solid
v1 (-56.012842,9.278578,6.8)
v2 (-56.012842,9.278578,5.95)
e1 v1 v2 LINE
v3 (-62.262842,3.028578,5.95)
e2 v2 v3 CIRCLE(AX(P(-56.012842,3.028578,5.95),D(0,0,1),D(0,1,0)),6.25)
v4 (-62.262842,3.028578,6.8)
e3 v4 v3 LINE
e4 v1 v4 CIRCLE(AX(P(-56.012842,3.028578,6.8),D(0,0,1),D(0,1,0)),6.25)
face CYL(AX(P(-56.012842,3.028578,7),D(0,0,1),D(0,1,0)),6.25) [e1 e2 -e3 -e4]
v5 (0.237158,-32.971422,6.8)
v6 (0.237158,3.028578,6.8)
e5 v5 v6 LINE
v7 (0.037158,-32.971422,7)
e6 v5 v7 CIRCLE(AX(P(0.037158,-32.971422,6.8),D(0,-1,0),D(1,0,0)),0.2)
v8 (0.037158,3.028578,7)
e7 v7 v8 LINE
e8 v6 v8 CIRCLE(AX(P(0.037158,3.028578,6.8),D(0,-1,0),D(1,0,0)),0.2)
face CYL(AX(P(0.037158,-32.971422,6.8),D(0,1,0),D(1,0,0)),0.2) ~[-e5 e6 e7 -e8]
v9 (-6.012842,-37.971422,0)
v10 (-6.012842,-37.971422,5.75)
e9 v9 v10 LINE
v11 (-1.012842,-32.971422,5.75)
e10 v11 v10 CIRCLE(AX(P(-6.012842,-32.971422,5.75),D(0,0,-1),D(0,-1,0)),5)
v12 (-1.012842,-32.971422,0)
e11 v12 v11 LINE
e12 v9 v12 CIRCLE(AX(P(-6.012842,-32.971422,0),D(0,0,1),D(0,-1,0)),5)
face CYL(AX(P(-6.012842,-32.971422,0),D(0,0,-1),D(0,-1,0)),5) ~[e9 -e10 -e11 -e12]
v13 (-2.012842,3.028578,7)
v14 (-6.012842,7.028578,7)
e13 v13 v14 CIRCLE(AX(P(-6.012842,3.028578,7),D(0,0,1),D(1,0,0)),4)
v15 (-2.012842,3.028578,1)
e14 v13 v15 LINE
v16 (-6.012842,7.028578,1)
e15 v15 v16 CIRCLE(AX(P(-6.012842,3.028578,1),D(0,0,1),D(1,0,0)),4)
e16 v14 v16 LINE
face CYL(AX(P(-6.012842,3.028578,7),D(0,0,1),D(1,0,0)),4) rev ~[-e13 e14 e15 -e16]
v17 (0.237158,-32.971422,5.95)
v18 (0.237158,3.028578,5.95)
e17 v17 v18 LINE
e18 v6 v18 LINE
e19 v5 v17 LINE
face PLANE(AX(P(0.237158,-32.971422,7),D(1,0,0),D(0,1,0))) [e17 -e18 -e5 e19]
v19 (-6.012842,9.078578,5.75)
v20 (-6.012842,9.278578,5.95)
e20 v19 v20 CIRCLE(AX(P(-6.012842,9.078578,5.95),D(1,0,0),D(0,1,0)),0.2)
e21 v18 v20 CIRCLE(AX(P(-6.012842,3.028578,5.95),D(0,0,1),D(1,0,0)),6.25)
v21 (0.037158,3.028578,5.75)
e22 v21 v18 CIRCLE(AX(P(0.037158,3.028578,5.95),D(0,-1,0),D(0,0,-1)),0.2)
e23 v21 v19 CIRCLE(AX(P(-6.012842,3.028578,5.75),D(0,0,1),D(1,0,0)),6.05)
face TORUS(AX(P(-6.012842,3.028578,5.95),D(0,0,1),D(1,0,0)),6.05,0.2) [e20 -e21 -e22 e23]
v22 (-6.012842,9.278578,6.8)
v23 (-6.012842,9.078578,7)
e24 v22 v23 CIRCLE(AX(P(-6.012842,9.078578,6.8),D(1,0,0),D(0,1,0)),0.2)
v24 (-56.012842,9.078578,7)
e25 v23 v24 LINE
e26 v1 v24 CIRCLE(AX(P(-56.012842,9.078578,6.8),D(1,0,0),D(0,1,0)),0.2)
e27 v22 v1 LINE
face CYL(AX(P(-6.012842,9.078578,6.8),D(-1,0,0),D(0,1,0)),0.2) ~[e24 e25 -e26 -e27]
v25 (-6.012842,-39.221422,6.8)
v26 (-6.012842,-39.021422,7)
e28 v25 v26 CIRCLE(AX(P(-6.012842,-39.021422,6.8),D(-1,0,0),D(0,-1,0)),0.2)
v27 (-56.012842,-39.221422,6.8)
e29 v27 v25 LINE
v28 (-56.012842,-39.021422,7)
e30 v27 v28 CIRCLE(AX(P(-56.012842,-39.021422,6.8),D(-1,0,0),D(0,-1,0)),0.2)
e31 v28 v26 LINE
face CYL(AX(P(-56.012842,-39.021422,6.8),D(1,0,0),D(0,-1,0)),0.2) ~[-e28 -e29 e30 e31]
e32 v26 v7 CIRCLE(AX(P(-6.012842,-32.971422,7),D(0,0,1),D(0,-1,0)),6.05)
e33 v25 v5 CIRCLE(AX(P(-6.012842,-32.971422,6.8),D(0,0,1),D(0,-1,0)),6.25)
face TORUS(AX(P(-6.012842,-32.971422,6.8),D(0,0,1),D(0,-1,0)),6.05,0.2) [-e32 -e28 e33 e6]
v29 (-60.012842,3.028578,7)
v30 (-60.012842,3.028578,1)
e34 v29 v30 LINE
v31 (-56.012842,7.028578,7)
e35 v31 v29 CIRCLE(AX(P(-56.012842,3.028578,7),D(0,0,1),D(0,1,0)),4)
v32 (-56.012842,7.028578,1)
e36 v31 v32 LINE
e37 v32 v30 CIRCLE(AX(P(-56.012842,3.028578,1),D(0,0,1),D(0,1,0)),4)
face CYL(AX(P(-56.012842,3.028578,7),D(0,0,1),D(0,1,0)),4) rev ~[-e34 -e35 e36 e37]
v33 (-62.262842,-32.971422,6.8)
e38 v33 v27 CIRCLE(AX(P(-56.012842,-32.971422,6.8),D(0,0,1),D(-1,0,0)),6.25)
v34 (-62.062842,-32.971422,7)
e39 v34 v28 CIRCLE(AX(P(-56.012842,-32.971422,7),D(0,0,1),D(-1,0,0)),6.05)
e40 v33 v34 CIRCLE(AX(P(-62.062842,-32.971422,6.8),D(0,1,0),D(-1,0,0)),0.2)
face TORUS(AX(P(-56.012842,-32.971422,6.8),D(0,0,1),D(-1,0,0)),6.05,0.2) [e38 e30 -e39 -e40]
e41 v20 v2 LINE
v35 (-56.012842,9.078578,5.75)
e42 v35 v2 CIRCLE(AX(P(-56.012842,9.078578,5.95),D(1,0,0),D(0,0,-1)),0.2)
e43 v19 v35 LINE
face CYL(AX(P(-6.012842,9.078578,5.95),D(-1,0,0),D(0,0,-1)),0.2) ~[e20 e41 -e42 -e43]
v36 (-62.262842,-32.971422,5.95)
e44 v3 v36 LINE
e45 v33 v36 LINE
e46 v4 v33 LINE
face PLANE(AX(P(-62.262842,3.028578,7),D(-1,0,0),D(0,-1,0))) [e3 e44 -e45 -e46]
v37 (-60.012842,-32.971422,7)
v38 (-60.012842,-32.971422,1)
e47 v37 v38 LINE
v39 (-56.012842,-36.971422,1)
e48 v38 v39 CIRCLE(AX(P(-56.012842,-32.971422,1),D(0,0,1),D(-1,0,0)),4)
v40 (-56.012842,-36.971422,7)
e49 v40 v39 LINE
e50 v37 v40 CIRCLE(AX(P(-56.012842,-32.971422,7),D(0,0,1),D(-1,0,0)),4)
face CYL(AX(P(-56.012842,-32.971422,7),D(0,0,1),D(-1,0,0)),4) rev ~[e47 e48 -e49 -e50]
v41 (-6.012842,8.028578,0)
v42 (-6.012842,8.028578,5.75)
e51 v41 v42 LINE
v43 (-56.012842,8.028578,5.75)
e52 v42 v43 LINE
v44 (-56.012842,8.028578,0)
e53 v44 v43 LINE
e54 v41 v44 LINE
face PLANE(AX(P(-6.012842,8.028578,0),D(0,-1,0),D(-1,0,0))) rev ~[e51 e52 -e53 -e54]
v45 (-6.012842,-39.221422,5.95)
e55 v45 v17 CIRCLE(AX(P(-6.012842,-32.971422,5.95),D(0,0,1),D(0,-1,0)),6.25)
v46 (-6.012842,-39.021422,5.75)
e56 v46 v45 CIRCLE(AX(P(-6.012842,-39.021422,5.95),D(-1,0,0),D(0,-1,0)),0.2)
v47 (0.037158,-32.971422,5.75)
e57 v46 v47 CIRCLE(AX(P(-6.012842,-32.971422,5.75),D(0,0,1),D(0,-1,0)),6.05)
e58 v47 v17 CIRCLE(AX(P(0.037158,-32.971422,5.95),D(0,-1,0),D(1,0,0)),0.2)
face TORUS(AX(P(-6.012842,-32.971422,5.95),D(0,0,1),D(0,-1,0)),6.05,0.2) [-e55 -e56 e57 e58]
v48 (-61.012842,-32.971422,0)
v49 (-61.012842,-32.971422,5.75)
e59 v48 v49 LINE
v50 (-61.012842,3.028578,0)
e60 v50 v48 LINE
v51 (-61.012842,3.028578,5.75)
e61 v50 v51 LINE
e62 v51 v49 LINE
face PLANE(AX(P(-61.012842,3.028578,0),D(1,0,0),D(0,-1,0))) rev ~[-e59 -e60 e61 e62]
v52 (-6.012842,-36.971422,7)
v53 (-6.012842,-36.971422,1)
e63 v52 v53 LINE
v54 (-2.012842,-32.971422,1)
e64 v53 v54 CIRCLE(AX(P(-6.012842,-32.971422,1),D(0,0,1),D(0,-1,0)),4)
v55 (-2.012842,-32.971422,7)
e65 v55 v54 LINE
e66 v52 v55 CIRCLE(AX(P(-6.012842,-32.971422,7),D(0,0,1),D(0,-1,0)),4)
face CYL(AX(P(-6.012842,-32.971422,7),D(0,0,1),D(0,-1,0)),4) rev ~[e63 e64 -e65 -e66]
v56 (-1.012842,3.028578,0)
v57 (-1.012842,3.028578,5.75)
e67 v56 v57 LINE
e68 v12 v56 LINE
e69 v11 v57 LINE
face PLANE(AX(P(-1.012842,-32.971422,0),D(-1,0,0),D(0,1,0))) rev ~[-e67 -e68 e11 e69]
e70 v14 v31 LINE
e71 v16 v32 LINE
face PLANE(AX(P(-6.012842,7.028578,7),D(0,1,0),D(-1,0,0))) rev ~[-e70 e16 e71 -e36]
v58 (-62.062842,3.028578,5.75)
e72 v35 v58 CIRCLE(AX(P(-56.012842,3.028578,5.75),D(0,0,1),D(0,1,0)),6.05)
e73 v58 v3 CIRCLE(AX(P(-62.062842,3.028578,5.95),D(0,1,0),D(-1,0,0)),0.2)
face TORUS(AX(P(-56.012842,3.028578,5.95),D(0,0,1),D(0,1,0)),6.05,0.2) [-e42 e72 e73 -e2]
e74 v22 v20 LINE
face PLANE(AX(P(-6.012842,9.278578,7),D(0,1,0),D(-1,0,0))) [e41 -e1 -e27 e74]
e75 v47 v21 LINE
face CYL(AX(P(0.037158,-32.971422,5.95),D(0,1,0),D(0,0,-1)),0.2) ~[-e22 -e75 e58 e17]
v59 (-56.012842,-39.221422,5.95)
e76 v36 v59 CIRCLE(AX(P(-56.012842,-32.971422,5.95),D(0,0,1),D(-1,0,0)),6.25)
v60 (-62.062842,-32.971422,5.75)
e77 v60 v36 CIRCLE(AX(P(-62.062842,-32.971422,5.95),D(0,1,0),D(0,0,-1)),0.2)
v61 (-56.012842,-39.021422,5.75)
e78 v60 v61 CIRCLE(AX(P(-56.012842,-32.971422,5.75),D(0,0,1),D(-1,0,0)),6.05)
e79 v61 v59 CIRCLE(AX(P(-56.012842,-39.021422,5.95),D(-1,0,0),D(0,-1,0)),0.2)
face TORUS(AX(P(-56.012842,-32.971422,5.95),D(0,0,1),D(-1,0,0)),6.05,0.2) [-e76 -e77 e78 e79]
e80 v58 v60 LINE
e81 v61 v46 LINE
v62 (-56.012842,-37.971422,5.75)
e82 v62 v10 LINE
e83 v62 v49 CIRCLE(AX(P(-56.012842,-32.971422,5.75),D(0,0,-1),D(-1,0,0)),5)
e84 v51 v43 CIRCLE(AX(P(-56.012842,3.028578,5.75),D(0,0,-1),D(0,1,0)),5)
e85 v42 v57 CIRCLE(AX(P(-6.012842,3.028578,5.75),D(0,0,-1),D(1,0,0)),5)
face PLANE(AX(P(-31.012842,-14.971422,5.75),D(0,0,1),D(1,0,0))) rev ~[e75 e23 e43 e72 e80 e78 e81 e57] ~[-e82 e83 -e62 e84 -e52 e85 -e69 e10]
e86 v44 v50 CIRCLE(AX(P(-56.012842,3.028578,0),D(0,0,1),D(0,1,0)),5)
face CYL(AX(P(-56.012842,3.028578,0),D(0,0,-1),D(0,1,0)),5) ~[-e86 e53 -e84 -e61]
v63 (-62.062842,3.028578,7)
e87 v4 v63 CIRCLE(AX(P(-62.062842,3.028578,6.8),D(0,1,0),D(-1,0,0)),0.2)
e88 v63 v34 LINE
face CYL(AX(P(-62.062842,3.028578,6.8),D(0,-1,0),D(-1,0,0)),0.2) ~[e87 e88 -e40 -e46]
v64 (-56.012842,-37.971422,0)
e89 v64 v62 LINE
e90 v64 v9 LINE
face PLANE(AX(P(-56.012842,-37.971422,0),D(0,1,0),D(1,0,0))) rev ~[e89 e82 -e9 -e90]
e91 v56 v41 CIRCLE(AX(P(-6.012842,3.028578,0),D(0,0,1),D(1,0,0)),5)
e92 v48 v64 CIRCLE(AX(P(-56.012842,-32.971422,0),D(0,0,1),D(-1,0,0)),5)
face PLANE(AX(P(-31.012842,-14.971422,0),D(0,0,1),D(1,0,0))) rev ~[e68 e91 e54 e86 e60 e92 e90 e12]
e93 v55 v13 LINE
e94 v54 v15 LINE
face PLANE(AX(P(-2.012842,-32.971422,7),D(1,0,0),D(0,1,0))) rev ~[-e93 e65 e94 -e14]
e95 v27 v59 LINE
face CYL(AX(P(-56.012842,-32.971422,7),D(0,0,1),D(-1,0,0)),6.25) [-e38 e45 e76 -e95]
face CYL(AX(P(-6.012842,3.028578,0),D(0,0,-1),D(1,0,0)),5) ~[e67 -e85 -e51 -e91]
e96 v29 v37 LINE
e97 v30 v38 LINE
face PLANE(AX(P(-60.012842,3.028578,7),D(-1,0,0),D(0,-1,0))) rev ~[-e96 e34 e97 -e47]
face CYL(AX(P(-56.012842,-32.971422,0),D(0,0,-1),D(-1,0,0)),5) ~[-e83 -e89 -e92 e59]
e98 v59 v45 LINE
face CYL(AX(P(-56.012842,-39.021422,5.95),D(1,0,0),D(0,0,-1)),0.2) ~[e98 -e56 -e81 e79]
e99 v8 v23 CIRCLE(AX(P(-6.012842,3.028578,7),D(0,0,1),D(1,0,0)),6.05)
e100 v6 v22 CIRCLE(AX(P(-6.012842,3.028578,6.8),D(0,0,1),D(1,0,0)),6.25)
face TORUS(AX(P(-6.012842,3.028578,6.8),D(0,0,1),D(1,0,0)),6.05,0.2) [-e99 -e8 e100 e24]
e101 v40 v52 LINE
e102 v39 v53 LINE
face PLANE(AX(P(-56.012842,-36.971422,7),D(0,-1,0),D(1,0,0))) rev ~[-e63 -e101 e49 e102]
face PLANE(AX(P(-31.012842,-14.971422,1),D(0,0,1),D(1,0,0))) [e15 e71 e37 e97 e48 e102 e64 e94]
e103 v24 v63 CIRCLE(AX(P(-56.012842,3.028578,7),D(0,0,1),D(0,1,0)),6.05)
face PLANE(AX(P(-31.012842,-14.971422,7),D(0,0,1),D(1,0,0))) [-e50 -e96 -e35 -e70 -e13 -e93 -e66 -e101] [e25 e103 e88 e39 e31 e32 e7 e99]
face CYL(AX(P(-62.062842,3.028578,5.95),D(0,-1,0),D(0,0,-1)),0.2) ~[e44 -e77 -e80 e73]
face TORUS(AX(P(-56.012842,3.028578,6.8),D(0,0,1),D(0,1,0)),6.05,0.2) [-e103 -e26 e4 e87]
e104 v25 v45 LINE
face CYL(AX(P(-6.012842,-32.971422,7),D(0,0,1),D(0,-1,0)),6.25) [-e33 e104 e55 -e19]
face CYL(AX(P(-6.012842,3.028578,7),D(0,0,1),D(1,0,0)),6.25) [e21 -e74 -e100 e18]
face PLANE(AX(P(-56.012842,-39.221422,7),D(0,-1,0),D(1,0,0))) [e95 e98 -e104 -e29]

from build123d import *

# Parameters (mm, degrees)
F1_DEPTH      = 7
F3_DEPTH      = 1.25
F5_DEPTH      = 6
F5_DEPTH_BACK = 25
F6_R          = 0.2


with BuildPart() as f1:
    # F0 (on Top) → F1 (new body)
    with BuildSketch(Plane.XY):
        with BuildLine():
            Line((-6.0128417611, 8.0285779238), (-56.0128417611, 8.0285779238))
            ThreePointArc((-56.0128417611, 8.0285779238), (-59.548375667, 6.5641118297), (-61.0128417611, 3.0285779238))
            Line((-61.0128417611, 3.0285779238), (-61.0128417611, -32.9714220762))
            ThreePointArc((-61.0128417611, -32.9714220762), (-59.548375667, -36.5069559822), (-56.0128417611, -37.9714220762))
            Line((-56.0128417611, -37.9714220762), (-6.0128417611, -37.9714220762))
            ThreePointArc((-6.0128417611, -37.9714220762), (-2.4773078552, -36.5069559822), (-1.0128417611, -32.9714220762))
            Line((-1.0128417611, -32.9714220762), (-1.0128417611, 3.0285779238))
            ThreePointArc((-1.0128417611, 3.0285779238), (-2.4773078552, 6.5641118297), (-6.0128417611, 8.0285779238))
        make_face()
    extrude(amount=F1_DEPTH)

    # F2 (on face) → F3 (join)
    with BuildSketch(Plane.XY.offset(7)):
        with BuildLine():
            ThreePointArc((-56.0128417611, 9.2785779238), (-60.4322591435, 7.4479953062), (-62.2628417611, 3.0285779238))
            Line((-62.2628417611, 3.0285779238), (-62.2628417611, -32.9714220762))
            ThreePointArc((-62.2628417611, -32.9714220762), (-60.4322591435, -37.3908394586), (-56.0128417611, -39.2214220762))
            Line((-56.0128417611, -39.2214220762), (-6.0128417611, -39.2214220762))
            ThreePointArc((-6.0128417611, -39.2214220762), (-1.5934243787, -37.3908394586), (0.2371582389, -32.9714220762))
            Line((0.2371582389, -32.9714220762), (0.2371582389, 3.0285779238))
            ThreePointArc((0.2371582389, 3.0285779238), (-1.5934243787, 7.4479953062), (-6.0128417611, 9.2785779238))
            Line((-6.0128417611, 9.2785779238), (-56.0128417611, 9.2785779238))
        make_face()
    extrude(amount=-F3_DEPTH)

    # F4 (on face) → F5 (cut, two sides)
    with BuildSketch(Plane.XY.offset(7)) as f5_sk:
        with BuildLine():
            ThreePointArc((-56.0128417611, 7.0285779238), (-58.8412688859, 5.8570050485), (-60.0128417611, 3.0285779238))
            Line((-60.0128417611, 3.0285779238), (-60.0128417611, -32.9714220762))
            ThreePointArc((-60.0128417611, -32.9714220762), (-58.8412688859, -35.799849201), (-56.0128417611, -36.9714220762))
            Line((-56.0128417611, -36.9714220762), (-6.0128417611, -36.9714220762))
            ThreePointArc((-6.0128417611, -36.9714220762), (-3.1844146364, -35.799849201), (-2.0128417611, -32.9714220762))
            Line((-2.0128417611, -32.9714220762), (-2.0128417611, 3.0285779238))
            ThreePointArc((-2.0128417611, 3.0285779238), (-3.1844146364, 5.8570050485), (-6.0128417611, 7.0285779238))
            Line((-6.0128417611, 7.0285779238), (-56.0128417611, 7.0285779238))
        make_face()
    extrude(amount=-F5_DEPTH, mode=Mode.SUBTRACT)
    extrude(f5_sk.sketch, amount=F5_DEPTH_BACK, mode=Mode.SUBTRACT)

    # F6
    f6_edges = [f1.edges().sort_by_distance(p)[0] for p in [
        (-62.262842, -14.971422, 7),
        (-60.432259, -37.390839, 7),
        (-31.012842, -39.221422, 7),
        (-1.593424, -37.390839, 7),
        (0.237158, -14.971422, 7),
        (-1.593424, 7.447995, 7),
        (-31.012842, 9.278578, 7),
        (-60.432259, 7.447995, 7),
        (-1.593424, -37.390839, 5.75),
    ]]
    fillet(f6_edges, radius=F6_R)


solid = f1.part
